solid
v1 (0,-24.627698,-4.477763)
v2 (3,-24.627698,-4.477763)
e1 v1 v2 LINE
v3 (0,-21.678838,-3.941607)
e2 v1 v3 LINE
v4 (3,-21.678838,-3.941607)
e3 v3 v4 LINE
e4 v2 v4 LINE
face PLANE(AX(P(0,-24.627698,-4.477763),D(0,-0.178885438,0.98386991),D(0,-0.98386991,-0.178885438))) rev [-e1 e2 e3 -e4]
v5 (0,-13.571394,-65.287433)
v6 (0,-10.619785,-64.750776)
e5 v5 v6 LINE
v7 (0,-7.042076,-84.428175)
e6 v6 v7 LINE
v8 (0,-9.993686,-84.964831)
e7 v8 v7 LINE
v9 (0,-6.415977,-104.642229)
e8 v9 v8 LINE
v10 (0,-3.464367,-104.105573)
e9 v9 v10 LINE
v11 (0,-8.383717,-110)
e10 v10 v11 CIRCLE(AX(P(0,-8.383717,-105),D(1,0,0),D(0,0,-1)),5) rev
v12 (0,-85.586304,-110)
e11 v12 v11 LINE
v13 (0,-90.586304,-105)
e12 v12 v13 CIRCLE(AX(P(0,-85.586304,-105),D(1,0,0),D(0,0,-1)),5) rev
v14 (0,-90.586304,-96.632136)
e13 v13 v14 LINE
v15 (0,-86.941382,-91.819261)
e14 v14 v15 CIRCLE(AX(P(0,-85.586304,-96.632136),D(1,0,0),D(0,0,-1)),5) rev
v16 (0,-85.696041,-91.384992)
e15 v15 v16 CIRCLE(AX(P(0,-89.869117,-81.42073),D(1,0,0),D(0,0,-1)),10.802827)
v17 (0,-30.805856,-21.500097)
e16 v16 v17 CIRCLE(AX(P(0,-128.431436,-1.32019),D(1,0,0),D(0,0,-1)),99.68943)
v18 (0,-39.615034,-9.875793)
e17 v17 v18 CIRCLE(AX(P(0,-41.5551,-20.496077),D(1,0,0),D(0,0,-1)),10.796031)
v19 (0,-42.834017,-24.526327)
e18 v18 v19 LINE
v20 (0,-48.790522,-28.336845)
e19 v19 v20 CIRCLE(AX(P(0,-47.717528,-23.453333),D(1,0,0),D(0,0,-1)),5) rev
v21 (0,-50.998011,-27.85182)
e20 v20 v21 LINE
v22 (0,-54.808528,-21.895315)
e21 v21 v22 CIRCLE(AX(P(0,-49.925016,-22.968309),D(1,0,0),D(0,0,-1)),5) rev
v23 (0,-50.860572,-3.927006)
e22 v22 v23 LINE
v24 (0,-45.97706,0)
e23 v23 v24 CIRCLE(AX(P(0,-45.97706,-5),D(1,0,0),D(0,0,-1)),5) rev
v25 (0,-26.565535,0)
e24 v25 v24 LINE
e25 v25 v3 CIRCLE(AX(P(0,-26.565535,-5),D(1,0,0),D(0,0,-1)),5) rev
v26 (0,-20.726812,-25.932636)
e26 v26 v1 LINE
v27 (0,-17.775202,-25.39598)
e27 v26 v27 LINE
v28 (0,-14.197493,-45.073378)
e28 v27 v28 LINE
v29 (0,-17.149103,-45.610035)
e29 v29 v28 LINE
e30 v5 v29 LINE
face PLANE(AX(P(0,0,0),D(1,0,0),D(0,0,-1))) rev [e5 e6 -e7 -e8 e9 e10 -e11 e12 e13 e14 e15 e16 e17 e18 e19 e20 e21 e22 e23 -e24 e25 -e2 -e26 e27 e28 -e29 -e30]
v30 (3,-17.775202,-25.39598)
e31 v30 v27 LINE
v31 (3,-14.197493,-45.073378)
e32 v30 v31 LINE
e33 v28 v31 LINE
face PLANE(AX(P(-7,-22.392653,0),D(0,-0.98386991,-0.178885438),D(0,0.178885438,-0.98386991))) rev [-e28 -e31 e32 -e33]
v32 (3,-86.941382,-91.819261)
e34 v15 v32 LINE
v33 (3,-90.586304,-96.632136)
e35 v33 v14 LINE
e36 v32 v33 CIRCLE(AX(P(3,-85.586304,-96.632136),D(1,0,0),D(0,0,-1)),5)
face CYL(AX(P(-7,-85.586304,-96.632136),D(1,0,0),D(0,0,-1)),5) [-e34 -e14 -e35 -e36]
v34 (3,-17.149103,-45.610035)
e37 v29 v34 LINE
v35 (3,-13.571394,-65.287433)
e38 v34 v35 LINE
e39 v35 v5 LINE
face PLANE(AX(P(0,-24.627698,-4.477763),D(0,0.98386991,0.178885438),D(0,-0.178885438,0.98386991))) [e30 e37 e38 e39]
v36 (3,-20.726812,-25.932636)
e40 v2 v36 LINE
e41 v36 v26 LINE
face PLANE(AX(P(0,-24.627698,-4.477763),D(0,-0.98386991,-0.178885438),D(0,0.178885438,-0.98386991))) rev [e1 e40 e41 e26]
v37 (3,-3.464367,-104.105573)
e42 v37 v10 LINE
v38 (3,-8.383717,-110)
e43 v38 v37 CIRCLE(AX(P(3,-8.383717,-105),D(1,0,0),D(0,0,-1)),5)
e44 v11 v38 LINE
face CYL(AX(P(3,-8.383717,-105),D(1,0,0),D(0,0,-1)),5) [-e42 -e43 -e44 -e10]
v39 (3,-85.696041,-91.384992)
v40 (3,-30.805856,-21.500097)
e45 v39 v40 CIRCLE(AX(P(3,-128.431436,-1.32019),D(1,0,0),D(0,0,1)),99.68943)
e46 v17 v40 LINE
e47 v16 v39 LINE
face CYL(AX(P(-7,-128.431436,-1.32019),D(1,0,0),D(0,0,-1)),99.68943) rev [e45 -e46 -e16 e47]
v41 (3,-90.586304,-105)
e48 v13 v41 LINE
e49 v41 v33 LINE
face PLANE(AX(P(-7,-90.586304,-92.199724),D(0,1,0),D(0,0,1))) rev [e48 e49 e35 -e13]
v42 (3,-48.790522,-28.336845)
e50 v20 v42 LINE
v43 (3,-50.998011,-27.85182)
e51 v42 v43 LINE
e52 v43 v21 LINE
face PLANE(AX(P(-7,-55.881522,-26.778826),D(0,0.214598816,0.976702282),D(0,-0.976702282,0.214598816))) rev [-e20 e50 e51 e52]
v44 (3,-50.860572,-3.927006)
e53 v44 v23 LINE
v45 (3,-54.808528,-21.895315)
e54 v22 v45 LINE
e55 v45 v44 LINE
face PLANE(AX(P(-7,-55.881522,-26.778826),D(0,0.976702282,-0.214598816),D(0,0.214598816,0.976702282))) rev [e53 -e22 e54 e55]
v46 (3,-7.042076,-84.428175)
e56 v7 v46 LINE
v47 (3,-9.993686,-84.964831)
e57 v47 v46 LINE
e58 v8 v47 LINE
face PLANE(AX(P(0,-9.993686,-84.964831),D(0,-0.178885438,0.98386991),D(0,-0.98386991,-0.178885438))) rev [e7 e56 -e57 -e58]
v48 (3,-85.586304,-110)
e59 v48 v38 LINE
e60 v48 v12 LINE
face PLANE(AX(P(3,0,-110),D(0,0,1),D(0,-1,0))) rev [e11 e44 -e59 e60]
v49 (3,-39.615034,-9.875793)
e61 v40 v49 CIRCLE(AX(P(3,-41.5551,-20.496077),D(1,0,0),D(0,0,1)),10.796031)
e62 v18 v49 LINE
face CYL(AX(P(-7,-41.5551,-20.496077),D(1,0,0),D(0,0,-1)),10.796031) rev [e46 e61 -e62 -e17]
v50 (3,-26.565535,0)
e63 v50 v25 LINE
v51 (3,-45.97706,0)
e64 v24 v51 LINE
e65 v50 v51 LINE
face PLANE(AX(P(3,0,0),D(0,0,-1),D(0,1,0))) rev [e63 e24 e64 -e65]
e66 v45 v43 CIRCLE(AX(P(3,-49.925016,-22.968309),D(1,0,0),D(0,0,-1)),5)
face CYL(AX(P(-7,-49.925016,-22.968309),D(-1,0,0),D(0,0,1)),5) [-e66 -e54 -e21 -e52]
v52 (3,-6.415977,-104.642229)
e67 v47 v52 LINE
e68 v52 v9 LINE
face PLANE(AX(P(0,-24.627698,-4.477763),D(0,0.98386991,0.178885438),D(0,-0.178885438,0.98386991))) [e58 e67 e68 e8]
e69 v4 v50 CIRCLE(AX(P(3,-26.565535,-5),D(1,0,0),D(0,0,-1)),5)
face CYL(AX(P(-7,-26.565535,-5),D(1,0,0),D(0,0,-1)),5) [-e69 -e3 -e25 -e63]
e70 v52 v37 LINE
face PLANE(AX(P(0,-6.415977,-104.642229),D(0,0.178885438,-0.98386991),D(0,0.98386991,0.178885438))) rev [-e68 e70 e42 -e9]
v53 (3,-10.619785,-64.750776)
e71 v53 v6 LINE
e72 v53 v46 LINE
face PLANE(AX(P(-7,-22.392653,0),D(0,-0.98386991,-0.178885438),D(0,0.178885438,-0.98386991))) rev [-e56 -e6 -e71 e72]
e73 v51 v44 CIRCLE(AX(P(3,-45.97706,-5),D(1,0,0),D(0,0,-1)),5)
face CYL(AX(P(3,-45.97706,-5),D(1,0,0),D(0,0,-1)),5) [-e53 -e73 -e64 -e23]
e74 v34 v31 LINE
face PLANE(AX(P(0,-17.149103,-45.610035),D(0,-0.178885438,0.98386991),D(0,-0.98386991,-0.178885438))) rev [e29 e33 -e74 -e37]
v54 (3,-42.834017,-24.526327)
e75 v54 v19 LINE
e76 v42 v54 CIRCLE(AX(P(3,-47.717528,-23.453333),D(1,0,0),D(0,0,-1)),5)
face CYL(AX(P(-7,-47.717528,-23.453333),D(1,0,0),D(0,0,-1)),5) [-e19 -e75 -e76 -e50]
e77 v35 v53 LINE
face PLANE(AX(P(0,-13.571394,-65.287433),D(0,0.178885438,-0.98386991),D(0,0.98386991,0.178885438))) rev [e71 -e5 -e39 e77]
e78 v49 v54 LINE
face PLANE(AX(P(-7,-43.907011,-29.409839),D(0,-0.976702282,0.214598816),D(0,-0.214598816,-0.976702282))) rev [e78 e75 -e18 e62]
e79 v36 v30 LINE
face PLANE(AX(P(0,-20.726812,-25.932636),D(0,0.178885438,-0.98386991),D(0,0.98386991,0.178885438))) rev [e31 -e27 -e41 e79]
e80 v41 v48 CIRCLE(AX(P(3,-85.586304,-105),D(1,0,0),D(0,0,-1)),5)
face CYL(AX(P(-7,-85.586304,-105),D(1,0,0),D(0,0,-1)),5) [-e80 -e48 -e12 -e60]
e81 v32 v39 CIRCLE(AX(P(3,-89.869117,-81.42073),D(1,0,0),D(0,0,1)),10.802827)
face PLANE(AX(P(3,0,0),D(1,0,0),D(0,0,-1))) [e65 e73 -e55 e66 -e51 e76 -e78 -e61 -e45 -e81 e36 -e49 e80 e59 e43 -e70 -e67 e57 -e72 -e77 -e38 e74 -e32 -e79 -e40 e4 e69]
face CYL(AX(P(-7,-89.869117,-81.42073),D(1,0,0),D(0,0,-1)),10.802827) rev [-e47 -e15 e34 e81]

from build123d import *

# Parameters (mm, degrees)
SKETCH1_W           = 110
SKETCH1_H           = 110
BOSS_EXTRUDE1_DEPTH = 3
CUT_EXTRUDE1_DEPTH  = 10
CUT_EXTRUDE2_DEPTH  = 10
CUT_EXTRUDE3_DEPTH  = 10
FILLET1_R           = 5
SKETCH5_W           = 3
SKETCH5_H           = 20
SKETCH5_H_2         = 21.80661572
CUT_EXTRUDE4_DEPTH  = 3


with BuildPart() as part:
    # Sketch1 → Boss-Extrude1 (new body)
    with BuildSketch(Plane(origin=(0, 0, 0), x_dir=(0, 0, -1), z_dir=(1, 0, 0))):
        with Locations((55, -55)):
            Rectangle(SKETCH1_W, SKETCH1_H)
    extrude(amount=BOSS_EXTRUDE1_DEPTH)

    # Sketch2 → Cut-Extrude1 (cut)
    with BuildSketch(Plane(origin=(3, 0, 0), x_dir=(0, 0, -1), z_dir=(1, 0, 0))):
        with BuildLine():
            Line((26.778826095, -55.88152198), (29.40983865, -43.907010607))
            Line((29.40983865, -43.907010607), (9.875793007, -39.61503428))
            ThreePointArc((9.875793007, -39.61503428), (13.975453089, -32.950696648), (21.500097135, -30.80585613))
            ThreePointArc((21.500097135, -30.80585613), (62.897028718, -50.033250753), (91.384991868, -85.69604094))
            ThreePointArc((91.384991868, -85.69604094), (92.19972432, -90.586303718), (90.744288497, -95.325519429))
            Line((90.744288497, -95.325519429), (80.864556452, -107.820216293))
            Line((80.864556452, -107.820216293), (79.448988361, -110))
            Line((79.448988361, -110), (0, -110))
            Line((0, -110), (0, -69.727563309))
            Line((0, -69.727563309), (3.14357432, -66.357579934))
            ThreePointArc((3.14357432, -66.357579934), (4.130318316, -65.093257024), (4.613767896, -63.564057026))
            Line((4.613767896, -63.564057026), (24.14781354, -67.856033353))
            Line((24.14781354, -67.856033353), (26.778826095, -55.88152198))
        make_face()
    extrude(amount=-CUT_EXTRUDE1_DEPTH, mode=Mode.SUBTRACT)

    # Sketch3 → Cut-Extrude2 (cut)
    with BuildSketch(Plane(origin=(3, 0, 0), x_dir=(0, 0, -1), z_dir=(1, 0, 0))):
        Polygon((26.778826095, -55.88152198), (0, -49.997738878), (0, -22.392653141), (110, -2.392653141), (110, 0), (0, 0), (-15.446531008, -25.16825398), (-7.23919485, -70.308602848), (0, -69.727563309), (28.662258875, -73.688951531), (31.123409687, -55.88152198), align=None)
    extrude(amount=-CUT_EXTRUDE2_DEPTH, mode=Mode.SUBTRACT)

    # Sketch4 → Cut-Extrude3 (cut)
    with BuildSketch(Plane(origin=(3, 0, 0), x_dir=(0, 0, -1), z_dir=(1, 0, 0))):
        Polygon((92.19972432, -90.586303718), (110, -90.586303718), (115.849676558, -112.577173273), (92.19972432, -118.868173766), (68.110039343, -115.722673519), (77.620590823, -97.250185318), align=None)
    extrude(amount=-CUT_EXTRUDE3_DEPTH, mode=Mode.SUBTRACT)

    # Fillet1
    fillet1_edges = [part.edges().sort_by_distance(p)[0] for p in [
        (1.5, -90.586303718, -92.19972432),
        (1.5, -90.586303718, -110),
        (1.5, -43.907010607, -29.40983865),
        (1.5, -55.88152198, -26.778826095),
        (1.5, -2.392653141, -110),
        (1.5, -22.392653141, 0),
        (1.5, -49.997738878, 0),
    ]]
    fillet(fillet1_edges, radius=FILLET1_R)

    # Sketch5 → Cut-Extrude4 (cut)
    with BuildSketch(Plane(origin=(0, -21.676088241, -3.941106953), x_dir=(1, 0, 0), z_dir=(0, 0.9838699100999075, 0.17888543819998315))):
        with Locations((1.5, 91.80661572)):
            Rectangle(SKETCH5_W, SKETCH5_H)
        with Locations((1.5, 51.80661572)):
            Rectangle(SKETCH5_W, SKETCH5_H)
        with Locations((1.5, 10.90330786)):
            Rectangle(SKETCH5_W, SKETCH5_H_2)
    extrude(amount=-CUT_EXTRUDE4_DEPTH, mode=Mode.SUBTRACT)


solid = part.part
